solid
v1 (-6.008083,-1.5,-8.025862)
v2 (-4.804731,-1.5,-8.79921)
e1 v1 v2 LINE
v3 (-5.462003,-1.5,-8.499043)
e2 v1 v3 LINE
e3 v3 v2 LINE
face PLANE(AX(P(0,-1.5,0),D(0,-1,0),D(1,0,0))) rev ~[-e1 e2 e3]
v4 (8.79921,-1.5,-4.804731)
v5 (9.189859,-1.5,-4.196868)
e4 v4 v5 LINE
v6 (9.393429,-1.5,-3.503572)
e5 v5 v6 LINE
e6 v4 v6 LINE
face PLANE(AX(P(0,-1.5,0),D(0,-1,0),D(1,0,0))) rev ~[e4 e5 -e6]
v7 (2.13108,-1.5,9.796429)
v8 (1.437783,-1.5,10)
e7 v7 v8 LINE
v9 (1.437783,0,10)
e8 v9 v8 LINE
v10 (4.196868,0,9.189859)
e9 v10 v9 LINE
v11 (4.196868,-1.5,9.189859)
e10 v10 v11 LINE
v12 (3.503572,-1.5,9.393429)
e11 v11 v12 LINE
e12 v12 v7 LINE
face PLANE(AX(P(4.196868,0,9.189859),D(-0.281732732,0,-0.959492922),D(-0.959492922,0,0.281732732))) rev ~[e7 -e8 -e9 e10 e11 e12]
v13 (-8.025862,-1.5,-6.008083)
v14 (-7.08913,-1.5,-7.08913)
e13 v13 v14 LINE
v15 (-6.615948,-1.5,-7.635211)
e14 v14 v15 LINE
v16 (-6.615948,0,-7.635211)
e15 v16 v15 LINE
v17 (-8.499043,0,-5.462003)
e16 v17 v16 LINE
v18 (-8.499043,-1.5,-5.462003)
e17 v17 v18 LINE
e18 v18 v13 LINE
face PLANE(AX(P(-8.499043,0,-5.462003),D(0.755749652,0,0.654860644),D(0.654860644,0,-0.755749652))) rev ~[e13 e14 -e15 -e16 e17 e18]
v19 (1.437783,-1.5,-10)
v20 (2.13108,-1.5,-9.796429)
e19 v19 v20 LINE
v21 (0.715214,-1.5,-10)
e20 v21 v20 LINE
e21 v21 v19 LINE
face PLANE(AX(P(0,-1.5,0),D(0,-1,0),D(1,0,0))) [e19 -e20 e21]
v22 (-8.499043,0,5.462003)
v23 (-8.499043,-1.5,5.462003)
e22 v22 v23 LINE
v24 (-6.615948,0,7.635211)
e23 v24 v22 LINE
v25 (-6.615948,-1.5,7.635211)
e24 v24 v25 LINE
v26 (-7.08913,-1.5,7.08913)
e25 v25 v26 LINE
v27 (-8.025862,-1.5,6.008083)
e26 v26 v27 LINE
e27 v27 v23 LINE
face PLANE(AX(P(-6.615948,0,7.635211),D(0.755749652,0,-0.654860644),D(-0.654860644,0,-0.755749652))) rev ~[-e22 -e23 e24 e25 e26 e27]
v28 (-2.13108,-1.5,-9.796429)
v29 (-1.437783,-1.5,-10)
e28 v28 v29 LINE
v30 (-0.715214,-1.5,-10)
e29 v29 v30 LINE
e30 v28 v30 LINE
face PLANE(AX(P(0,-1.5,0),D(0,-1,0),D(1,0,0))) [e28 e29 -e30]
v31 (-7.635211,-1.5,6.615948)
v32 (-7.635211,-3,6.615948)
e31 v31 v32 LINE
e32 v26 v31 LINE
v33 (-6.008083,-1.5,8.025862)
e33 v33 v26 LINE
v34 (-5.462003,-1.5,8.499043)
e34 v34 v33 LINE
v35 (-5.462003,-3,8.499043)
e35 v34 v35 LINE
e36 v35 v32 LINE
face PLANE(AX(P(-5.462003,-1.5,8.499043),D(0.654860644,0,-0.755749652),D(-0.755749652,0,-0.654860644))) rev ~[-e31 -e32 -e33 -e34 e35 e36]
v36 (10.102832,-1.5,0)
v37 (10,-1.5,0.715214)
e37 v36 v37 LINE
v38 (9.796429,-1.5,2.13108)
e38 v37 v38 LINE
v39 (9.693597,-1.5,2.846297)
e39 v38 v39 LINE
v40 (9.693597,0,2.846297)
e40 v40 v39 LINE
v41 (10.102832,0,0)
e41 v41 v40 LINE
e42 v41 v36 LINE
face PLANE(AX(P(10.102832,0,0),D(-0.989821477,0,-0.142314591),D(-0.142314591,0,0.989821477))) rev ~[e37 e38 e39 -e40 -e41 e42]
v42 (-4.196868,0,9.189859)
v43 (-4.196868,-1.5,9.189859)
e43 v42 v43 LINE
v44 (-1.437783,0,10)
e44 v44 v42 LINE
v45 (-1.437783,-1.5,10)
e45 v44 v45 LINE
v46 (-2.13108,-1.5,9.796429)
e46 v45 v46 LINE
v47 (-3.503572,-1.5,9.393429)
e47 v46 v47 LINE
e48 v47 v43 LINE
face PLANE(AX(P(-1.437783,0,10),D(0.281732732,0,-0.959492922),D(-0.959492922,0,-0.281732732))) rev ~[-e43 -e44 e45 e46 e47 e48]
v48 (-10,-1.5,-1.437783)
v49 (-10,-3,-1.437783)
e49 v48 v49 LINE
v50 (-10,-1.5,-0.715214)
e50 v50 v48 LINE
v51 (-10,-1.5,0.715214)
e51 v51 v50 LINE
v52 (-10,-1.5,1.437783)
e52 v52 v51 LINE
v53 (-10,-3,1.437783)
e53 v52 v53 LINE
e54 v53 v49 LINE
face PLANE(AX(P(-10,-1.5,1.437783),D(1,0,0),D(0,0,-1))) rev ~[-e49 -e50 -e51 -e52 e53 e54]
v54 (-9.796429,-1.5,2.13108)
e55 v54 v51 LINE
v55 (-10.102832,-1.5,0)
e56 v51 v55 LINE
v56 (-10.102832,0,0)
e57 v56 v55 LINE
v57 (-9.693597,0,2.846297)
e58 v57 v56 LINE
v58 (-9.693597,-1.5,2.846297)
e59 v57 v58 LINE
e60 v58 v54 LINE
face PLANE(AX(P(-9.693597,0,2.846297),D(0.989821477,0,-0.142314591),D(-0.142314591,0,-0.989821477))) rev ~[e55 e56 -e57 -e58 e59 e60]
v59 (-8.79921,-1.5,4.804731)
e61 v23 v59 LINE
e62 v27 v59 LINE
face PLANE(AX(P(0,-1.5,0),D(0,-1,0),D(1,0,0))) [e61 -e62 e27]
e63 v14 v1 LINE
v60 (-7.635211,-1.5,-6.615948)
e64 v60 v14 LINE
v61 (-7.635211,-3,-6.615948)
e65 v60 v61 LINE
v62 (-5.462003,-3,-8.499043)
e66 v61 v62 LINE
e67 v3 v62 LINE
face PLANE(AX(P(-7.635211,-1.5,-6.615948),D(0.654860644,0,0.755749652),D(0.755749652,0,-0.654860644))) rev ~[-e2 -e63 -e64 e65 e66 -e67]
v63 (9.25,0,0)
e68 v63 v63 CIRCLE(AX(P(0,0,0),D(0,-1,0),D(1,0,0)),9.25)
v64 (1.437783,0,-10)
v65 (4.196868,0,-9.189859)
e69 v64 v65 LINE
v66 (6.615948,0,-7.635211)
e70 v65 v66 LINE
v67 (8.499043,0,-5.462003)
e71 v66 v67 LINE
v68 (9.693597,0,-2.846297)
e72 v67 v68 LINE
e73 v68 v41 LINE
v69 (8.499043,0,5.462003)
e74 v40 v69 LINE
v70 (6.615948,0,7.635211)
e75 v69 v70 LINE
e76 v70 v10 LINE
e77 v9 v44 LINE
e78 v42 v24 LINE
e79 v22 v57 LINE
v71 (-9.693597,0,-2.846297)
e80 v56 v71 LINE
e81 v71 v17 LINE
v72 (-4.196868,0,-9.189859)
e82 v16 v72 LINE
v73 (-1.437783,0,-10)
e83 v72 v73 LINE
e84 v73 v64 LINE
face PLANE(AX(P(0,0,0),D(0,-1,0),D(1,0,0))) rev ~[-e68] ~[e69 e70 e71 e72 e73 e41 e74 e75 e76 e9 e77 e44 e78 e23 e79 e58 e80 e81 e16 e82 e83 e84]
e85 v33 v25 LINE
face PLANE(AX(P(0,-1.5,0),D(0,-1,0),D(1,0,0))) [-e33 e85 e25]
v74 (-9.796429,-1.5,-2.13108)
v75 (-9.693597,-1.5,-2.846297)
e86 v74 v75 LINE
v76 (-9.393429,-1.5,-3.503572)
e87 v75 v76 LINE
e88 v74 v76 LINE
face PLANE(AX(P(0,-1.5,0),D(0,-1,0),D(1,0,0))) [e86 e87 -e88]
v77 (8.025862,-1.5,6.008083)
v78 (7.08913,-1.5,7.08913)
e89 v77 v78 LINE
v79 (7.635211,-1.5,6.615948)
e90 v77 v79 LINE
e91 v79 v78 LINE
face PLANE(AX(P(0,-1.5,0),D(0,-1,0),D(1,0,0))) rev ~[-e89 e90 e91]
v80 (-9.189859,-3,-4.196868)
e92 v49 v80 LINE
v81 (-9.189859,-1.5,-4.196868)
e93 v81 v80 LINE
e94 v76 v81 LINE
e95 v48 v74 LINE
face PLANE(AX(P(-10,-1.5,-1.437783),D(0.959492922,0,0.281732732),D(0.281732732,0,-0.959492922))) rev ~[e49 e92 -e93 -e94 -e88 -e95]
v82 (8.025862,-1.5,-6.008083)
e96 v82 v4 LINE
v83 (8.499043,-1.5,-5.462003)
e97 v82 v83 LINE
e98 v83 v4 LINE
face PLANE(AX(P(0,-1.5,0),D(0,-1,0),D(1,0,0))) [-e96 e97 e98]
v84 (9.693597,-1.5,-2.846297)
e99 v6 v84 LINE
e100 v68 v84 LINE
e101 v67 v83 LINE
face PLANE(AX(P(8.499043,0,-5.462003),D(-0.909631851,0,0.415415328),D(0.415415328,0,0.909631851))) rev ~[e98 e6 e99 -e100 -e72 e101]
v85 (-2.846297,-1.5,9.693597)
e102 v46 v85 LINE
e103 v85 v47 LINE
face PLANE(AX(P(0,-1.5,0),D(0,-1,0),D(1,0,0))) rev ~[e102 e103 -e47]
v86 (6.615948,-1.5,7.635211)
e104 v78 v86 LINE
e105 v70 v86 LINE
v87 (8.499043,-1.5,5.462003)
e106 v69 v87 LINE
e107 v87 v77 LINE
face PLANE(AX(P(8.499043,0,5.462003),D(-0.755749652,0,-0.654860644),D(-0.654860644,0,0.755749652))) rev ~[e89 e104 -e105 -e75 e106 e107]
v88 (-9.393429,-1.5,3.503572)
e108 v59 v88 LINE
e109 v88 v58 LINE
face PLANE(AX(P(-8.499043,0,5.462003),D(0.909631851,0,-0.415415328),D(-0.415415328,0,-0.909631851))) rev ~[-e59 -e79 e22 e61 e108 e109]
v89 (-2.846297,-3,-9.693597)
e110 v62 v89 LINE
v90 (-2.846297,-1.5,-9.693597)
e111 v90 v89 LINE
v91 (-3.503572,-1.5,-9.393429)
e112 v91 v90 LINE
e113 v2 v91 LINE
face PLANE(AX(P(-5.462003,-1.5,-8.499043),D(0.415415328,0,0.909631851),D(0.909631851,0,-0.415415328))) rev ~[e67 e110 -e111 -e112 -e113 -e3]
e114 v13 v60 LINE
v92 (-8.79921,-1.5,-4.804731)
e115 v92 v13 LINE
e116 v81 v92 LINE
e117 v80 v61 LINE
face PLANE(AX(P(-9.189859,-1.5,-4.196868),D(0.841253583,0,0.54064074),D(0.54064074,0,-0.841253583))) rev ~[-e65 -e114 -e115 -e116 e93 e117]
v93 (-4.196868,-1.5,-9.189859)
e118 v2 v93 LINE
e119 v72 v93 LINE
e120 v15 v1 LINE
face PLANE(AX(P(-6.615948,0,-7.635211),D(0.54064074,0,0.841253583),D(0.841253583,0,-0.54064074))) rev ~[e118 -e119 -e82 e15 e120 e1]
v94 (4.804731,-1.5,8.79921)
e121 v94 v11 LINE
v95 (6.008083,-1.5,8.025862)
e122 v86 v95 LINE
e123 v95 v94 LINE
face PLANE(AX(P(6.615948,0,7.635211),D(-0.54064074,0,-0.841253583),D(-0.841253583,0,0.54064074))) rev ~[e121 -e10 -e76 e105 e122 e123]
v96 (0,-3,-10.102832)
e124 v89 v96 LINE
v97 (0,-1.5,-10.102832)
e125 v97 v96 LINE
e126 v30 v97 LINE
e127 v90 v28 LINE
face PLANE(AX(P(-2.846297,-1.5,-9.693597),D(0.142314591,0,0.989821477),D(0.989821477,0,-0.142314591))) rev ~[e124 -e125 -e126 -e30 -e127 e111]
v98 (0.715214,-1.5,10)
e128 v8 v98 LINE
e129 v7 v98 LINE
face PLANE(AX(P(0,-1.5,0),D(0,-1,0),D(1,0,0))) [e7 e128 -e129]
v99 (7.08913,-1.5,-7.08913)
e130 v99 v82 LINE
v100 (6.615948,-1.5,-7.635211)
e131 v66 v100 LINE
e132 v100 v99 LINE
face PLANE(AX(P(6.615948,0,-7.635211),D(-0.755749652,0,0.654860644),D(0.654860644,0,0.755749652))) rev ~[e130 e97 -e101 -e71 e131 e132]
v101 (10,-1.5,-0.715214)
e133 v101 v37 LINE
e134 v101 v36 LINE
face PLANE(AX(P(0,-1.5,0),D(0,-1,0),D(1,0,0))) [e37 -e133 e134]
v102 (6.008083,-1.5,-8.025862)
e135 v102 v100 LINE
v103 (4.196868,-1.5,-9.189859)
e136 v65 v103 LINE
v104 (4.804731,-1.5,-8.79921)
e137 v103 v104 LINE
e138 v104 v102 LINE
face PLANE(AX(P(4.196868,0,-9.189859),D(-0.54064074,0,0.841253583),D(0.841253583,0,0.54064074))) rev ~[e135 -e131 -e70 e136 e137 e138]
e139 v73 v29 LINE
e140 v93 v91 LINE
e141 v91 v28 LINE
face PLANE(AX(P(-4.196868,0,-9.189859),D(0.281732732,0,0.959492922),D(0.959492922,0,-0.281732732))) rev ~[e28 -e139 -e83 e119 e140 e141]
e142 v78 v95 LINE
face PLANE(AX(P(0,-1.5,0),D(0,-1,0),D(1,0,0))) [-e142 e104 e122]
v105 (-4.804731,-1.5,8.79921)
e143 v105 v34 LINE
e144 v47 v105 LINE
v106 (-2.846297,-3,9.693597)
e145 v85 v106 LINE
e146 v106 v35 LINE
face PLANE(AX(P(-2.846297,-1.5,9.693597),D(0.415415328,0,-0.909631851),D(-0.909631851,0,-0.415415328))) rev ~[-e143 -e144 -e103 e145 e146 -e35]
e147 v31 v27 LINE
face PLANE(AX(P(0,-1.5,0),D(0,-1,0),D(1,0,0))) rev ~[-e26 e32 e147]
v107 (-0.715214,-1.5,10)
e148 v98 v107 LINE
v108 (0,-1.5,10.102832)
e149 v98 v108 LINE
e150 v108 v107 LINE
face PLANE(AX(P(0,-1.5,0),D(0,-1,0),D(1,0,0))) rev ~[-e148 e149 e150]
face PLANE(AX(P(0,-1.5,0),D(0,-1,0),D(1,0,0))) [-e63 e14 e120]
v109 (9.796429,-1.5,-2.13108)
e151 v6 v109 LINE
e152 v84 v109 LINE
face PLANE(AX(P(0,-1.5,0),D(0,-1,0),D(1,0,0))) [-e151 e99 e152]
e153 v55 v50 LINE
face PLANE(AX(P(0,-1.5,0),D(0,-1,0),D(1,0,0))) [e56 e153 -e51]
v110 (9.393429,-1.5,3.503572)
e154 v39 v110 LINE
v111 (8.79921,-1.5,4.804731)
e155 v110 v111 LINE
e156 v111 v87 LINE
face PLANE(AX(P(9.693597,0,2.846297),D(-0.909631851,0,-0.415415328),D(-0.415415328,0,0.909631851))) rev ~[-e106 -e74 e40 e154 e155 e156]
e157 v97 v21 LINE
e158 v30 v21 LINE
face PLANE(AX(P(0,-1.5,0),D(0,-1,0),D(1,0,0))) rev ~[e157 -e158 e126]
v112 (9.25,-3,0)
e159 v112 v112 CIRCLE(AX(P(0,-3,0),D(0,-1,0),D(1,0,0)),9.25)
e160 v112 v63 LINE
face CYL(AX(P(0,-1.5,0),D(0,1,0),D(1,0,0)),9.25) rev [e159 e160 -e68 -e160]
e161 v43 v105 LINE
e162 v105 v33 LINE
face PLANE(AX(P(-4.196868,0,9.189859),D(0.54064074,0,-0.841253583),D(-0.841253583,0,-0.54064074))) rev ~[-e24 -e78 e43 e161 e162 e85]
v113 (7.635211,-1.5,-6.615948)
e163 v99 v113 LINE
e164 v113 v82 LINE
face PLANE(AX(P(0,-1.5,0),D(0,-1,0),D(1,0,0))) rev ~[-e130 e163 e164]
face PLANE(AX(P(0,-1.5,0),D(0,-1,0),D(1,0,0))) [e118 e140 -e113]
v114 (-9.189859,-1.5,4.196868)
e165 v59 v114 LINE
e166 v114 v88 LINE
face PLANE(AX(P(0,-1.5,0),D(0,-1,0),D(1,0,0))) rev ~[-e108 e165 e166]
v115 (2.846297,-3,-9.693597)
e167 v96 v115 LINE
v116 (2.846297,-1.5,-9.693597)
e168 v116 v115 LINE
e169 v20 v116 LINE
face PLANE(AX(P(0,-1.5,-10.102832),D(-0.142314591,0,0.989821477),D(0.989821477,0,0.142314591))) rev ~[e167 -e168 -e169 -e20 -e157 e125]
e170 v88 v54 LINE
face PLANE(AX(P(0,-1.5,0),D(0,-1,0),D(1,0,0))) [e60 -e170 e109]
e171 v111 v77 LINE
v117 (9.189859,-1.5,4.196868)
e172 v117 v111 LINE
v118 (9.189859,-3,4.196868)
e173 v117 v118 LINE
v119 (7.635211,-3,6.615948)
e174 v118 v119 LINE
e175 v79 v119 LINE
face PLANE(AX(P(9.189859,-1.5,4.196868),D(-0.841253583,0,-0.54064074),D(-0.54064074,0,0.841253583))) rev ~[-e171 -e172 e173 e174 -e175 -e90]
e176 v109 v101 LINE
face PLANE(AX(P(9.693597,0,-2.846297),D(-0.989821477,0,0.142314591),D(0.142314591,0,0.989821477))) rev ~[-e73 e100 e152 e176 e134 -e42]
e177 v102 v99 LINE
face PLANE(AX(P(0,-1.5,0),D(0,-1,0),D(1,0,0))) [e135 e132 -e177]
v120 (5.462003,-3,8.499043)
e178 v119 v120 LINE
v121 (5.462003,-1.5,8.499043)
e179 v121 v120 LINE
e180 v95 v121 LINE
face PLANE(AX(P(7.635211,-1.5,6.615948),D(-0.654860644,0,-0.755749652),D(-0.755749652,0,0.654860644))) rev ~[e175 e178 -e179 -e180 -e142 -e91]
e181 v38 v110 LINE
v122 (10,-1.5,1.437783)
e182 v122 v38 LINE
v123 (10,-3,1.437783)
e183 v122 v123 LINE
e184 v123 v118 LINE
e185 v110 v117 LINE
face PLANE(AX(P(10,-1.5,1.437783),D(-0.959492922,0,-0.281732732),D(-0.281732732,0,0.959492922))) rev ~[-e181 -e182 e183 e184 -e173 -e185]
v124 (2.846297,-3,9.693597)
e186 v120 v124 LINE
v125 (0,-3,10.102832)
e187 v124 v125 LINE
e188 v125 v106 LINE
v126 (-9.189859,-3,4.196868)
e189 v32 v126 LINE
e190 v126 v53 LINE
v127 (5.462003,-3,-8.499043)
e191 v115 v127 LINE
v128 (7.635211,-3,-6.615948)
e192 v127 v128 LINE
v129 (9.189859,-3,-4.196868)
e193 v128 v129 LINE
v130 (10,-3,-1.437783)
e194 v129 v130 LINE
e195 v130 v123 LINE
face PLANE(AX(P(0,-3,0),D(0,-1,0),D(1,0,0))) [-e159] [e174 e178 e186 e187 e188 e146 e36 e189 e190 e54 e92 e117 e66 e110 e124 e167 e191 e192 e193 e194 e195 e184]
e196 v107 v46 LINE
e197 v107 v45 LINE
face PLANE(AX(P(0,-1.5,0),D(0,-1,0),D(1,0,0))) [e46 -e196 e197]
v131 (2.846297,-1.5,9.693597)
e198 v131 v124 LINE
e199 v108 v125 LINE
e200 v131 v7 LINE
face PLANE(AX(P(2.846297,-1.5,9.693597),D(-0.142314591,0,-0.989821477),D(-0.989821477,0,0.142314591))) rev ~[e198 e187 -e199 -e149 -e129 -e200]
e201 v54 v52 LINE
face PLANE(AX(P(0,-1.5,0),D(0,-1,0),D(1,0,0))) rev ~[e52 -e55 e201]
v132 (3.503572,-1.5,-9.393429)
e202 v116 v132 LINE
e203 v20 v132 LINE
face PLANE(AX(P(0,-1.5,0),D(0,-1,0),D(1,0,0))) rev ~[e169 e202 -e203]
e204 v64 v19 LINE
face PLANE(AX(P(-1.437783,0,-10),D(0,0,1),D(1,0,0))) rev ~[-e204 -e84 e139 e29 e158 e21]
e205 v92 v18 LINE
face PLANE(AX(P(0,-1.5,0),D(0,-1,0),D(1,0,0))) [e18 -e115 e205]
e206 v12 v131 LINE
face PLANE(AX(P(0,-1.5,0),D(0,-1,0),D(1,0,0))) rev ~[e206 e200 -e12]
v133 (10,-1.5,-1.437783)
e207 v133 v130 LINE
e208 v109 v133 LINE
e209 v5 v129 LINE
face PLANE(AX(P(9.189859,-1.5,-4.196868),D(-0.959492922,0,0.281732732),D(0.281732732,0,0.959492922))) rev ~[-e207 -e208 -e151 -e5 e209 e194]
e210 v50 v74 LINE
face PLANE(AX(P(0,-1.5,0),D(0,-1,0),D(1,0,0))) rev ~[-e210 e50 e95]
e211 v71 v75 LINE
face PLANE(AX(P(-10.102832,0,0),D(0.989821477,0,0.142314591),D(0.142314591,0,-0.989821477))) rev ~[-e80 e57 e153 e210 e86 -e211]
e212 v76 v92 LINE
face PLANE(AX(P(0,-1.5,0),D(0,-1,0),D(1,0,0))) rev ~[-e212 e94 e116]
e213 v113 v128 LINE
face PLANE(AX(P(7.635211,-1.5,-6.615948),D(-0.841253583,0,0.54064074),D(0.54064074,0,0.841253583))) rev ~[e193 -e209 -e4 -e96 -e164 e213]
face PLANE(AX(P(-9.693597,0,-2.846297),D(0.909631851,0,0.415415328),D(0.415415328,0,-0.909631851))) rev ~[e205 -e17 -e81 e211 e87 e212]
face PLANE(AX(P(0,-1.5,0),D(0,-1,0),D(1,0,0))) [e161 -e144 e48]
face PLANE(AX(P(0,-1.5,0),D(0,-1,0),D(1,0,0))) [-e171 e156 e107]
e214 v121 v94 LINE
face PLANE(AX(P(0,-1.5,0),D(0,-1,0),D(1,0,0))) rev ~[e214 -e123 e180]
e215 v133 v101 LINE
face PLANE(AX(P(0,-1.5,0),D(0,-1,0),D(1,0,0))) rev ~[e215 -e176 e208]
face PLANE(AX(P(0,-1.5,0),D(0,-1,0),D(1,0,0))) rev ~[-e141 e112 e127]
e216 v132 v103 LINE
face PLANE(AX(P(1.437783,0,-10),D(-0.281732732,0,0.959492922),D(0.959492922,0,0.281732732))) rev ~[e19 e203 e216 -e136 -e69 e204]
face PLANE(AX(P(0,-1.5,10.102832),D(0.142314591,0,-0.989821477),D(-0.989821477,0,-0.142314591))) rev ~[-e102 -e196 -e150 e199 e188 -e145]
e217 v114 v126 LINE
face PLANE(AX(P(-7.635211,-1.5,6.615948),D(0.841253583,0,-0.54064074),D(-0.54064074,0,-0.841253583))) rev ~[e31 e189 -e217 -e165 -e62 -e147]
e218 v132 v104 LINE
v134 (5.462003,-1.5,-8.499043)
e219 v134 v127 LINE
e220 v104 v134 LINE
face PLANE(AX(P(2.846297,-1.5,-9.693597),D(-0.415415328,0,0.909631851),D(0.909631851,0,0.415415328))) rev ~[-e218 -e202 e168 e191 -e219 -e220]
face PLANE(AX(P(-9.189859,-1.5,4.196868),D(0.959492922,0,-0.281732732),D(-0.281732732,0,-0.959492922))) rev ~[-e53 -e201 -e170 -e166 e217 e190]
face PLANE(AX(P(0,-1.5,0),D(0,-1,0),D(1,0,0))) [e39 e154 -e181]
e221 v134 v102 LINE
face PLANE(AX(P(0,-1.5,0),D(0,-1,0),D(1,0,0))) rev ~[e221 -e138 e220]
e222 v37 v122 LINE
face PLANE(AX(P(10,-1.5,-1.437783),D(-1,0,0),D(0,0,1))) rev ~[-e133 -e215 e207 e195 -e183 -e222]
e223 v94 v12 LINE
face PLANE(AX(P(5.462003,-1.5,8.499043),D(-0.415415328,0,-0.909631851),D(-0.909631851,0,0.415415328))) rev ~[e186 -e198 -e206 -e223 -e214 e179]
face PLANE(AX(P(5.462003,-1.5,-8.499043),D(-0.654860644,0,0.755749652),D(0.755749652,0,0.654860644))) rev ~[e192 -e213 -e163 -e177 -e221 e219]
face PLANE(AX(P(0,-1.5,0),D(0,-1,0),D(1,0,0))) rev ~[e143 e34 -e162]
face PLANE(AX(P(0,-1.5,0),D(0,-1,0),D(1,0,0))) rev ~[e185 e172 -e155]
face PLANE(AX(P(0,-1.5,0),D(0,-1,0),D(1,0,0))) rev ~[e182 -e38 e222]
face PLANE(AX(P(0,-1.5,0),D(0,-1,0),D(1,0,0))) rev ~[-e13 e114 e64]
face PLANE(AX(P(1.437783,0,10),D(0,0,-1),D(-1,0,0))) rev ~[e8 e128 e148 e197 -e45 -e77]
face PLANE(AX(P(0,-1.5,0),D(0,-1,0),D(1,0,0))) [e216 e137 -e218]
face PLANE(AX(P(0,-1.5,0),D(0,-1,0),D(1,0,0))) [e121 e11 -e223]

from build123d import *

# Parameters (mm, degrees)
F0_R     = 9.25
F1_DEPTH = 1.5
F2_R     = 9.25
F3_DEPTH = 1.5


with BuildPart() as f1:
    # F0 (on Front) → F1 (new body)
    with BuildSketch(Plane.XZ):
        Polygon((6.615948, 7.635211), (4.196868, 9.189859), (1.437783, 10), (-1.437783, 10), (-4.196868, 9.189859), (-6.615948, 7.635211), (-8.499043, 5.462003), (-9.693597, 2.846297), (-10.102832, 0), (-9.693597, -2.846297), (-8.499043, -5.462003), (-6.615948, -7.635211), (-4.196868, -9.189859), (-1.437783, -10), (1.437783, -10), (4.196868, -9.189859), (6.615948, -7.635211), (8.499043, -5.462003), (9.693597, -2.846297), (10.102832, 0), (9.693597, 2.846297), (8.499043, 5.462003), align=None)
        Circle(F0_R, mode=Mode.SUBTRACT)
    extrude(amount=F1_DEPTH)

    # F2 (on face) → F3 (join)
    with BuildSketch(Plane.XZ.offset(1.5)):
        Polygon((5.462003, 8.499043), (2.846297, 9.693597), (0, 10.102832), (-2.846297, 9.693597), (-5.462003, 8.499043), (-7.635211, 6.615948), (-9.189859, 4.196868), (-10, 1.437783), (-10, -1.437783), (-9.189859, -4.196868), (-7.635211, -6.615948), (-5.462003, -8.499043), (-2.846297, -9.693597), (0, -10.102832), (2.846297, -9.693597), (5.462003, -8.499043), (7.635211, -6.615948), (9.189859, -4.196868), (10, -1.437783), (10, 1.437783), (9.189859, 4.196868), (7.635211, 6.615948), align=None)
        Circle(F2_R, mode=Mode.SUBTRACT)
    extrude(amount=F3_DEPTH)


solid = f1.part
